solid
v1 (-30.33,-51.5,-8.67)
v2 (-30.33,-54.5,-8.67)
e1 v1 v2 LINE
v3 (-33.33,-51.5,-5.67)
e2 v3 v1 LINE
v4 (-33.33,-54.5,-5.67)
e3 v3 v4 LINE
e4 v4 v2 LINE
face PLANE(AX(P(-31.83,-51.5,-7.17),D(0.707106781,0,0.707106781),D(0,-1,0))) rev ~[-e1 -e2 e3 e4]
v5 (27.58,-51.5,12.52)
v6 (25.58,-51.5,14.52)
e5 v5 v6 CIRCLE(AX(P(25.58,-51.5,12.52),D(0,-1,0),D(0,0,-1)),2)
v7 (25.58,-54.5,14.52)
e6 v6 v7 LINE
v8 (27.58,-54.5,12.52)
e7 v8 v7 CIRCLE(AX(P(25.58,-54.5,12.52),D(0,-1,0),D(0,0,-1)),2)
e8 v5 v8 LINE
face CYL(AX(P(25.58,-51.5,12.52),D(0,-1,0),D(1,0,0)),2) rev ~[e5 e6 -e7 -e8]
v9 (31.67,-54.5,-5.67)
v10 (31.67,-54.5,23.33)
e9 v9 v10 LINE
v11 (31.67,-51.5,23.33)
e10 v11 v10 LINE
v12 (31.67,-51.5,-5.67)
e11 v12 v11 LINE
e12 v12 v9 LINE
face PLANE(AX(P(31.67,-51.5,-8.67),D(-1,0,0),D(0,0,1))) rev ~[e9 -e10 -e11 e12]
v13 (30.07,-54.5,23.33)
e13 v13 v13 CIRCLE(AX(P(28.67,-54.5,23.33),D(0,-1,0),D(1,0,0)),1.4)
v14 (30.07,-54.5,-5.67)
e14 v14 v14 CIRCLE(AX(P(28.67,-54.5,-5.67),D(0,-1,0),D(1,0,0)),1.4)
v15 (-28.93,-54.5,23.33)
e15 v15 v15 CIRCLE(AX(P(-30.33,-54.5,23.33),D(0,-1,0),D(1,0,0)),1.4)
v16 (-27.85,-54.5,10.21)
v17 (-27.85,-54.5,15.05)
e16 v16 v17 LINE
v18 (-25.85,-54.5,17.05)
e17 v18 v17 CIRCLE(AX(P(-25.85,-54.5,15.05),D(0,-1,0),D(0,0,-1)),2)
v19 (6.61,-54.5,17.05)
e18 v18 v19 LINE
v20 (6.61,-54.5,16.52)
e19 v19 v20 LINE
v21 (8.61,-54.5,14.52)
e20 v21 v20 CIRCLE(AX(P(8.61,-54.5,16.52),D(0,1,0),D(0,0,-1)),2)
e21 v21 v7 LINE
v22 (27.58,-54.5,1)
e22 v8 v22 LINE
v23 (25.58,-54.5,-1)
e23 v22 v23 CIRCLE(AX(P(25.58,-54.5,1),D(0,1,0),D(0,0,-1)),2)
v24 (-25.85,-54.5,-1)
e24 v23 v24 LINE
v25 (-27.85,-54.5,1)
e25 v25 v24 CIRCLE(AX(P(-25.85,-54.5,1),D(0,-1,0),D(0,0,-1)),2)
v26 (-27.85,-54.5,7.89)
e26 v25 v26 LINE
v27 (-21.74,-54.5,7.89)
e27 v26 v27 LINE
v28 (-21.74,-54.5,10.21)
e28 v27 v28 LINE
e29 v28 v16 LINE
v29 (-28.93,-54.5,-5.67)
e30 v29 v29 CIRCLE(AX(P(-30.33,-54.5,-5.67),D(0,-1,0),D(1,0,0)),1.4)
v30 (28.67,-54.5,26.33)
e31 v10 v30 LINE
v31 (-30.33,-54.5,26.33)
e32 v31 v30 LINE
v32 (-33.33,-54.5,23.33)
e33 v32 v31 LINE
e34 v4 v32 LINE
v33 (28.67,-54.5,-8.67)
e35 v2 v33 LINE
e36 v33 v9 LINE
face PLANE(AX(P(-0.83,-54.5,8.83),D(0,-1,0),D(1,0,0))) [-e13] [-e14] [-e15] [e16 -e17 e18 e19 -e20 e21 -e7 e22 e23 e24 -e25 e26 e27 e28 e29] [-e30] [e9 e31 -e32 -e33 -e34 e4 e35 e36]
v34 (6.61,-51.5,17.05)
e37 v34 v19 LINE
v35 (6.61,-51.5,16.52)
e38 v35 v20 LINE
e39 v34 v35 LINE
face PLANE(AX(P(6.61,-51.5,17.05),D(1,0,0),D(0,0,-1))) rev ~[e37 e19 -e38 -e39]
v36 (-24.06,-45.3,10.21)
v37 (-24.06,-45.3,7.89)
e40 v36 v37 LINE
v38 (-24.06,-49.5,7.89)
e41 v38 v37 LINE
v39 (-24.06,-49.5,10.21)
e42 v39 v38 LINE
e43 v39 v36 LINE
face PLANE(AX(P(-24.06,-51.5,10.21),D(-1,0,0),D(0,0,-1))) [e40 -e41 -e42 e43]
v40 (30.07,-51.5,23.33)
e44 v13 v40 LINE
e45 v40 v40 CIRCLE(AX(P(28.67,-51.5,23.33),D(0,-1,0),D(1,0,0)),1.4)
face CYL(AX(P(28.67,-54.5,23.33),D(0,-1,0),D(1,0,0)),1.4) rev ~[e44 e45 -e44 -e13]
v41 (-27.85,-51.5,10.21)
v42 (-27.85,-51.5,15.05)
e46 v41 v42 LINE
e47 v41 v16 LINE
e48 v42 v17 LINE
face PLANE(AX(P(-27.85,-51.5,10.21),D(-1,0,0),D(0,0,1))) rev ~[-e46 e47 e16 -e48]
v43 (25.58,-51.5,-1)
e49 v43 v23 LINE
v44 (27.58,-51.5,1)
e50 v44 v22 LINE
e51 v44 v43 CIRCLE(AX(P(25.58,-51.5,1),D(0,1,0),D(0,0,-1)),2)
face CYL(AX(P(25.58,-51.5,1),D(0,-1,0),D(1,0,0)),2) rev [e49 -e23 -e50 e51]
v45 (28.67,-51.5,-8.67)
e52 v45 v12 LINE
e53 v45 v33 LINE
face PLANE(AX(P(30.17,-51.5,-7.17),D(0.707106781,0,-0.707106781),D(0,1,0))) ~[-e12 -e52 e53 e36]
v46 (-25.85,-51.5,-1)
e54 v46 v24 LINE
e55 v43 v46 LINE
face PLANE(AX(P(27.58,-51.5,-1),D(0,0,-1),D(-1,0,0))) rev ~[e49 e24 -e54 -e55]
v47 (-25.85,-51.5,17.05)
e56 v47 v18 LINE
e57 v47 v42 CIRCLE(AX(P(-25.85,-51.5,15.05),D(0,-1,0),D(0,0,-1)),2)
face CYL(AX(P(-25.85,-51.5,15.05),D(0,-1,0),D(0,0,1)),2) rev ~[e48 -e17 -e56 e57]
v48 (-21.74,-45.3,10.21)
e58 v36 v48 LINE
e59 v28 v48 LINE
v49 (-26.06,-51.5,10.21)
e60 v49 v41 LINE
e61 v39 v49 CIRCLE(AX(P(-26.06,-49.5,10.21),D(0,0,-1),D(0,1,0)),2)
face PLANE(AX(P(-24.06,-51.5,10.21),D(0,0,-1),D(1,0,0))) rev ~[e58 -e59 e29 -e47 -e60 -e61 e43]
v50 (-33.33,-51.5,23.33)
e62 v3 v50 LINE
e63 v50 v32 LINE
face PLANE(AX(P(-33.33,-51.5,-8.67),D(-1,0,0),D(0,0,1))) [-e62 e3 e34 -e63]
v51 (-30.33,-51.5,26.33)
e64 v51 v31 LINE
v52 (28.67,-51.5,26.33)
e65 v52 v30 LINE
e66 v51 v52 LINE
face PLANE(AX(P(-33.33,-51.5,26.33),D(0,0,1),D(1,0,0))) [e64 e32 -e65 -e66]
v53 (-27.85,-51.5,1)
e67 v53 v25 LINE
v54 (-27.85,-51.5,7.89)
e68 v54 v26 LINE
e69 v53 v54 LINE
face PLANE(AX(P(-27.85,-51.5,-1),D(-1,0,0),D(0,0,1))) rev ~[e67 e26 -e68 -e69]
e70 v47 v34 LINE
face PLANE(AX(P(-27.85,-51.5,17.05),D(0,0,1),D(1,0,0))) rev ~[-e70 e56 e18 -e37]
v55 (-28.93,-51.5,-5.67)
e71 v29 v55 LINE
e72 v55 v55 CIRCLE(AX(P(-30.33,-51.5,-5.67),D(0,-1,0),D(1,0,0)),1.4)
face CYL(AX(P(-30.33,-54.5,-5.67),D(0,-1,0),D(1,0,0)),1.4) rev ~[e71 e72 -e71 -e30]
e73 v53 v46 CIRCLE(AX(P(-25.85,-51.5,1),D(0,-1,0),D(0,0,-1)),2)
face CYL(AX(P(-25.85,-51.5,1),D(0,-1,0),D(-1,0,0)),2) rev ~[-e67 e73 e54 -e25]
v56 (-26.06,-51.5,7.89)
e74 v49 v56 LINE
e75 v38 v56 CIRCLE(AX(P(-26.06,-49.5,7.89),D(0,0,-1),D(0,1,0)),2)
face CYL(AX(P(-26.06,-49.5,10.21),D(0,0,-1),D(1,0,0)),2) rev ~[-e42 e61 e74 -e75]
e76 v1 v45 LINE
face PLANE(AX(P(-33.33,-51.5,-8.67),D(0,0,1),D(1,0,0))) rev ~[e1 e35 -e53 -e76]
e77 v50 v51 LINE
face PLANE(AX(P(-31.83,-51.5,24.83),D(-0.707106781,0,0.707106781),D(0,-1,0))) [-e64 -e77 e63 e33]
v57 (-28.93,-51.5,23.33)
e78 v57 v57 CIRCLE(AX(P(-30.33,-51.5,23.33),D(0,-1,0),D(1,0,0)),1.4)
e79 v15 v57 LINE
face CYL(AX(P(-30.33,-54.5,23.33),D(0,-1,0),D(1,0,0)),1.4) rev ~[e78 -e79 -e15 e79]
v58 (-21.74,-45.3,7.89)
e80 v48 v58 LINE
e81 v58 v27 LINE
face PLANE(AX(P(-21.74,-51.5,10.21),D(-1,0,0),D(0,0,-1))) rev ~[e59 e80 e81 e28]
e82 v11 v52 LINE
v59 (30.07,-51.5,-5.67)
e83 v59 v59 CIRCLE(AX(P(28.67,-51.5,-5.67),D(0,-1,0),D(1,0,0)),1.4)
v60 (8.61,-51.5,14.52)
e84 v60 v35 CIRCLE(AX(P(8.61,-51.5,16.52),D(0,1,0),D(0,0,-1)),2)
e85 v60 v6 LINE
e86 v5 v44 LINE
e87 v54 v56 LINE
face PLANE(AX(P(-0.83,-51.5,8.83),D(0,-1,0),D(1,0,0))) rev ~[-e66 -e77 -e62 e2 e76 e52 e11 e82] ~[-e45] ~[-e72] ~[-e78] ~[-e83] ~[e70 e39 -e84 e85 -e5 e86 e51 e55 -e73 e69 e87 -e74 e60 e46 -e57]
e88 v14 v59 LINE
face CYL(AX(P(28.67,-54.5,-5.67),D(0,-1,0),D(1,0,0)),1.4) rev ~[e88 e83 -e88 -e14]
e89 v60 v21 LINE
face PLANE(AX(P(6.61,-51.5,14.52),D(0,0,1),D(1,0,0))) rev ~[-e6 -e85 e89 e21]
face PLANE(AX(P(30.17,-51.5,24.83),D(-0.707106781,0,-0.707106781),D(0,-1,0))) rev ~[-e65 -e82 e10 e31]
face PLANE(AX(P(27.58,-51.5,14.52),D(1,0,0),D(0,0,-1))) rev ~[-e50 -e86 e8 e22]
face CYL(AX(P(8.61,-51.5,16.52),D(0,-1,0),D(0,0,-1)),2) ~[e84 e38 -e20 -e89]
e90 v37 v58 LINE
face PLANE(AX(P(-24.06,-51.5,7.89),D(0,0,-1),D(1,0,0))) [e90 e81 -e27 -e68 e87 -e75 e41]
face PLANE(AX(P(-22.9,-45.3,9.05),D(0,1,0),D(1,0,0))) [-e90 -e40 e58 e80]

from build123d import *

# Parameters (mm, degrees)
SKETCH044_W     = 65
SKETCH044_H     = 35
PAD003_DEPTH    = 3
CHAMFER009_SIZE = 3
SKETCH054_W     = 2.32
SKETCH054_H     = 2.32
PAD004_DEPTH    = 6.2
FILLET_R        = 2
SKETCH055_R     = 1.4
POCKET007_DEPTH = 5


with BuildPart() as part:
    # Sketch044 → Pad003 (new body)
    with BuildSketch(Plane.XZ):
        with Locations((-0.83, 8.83)):
            Rectangle(SKETCH044_W, SKETCH044_H)
        Polygon((0, -1), (-27.85, -1), (-27.85, 7.89), (-21.74, 7.89), (-21.74, 10.21), (-27.85, 10.21), (-27.85, 17.05), (6.61, 17.05), (6.61, 14.52), (27.58, 14.52), (27.58, -1), align=None, mode=Mode.SUBTRACT)
    extrude(amount=PAD003_DEPTH)

    # Chamfer009
    chamfer009_edges = [part.edges().sort_by_distance(p)[0] for p in [
        (31.67, -1.5, 26.33),
        (31.67, -1.5, -8.67),
        (-33.33, -1.5, 26.33),
        (-33.33, -1.5, -8.67),
    ]]
    chamfer(chamfer009_edges, length=CHAMFER009_SIZE)

    # Sketch054 (on Face2 of Chamfer009) → Pad004 (join)
    with BuildSketch(Plane(origin=(0, 0, 0), x_dir=(1, 0, 0), z_dir=(0, 1, 0))):
        with Locations((-22.9, -9.05)):
            Rectangle(SKETCH054_W, SKETCH054_H)
    extrude(amount=PAD004_DEPTH)

    # Fillet
    fillet_edges = [part.edges().sort_by_distance(p)[0] for p in [
        (-27.85, -1.5, 17.05),
        (6.61, -1.5, 14.52),
        (27.58, -1.5, 14.52),
        (-27.85, -1.5, -1),
        (27.58, -1.5, -1),
        (-24.06, 0, 9.05),
    ]]
    fillet(fillet_edges, radius=FILLET_R)

    # Sketch055 (on Face26 of Fillet) → Pocket007 (cut)
    with BuildSketch(Plane.XZ.offset(3)):
        with Locations((-30.33, 23.33)):
            Circle(SKETCH055_R)
        with Locations((28.67, 23.33)):
            Circle(SKETCH055_R)
        with Locations((-30.33, -5.67)):
            Circle(SKETCH055_R)
        with Locations((28.67, -5.67)):
            Circle(SKETCH055_R)
    extrude(amount=-POCKET007_DEPTH, mode=Mode.SUBTRACT)


with BuildPart() as part_1:
    # Body013 placement: moved
    add(part.part.moved(Location((0, -51.5, 0))))


solid = part_1.part
